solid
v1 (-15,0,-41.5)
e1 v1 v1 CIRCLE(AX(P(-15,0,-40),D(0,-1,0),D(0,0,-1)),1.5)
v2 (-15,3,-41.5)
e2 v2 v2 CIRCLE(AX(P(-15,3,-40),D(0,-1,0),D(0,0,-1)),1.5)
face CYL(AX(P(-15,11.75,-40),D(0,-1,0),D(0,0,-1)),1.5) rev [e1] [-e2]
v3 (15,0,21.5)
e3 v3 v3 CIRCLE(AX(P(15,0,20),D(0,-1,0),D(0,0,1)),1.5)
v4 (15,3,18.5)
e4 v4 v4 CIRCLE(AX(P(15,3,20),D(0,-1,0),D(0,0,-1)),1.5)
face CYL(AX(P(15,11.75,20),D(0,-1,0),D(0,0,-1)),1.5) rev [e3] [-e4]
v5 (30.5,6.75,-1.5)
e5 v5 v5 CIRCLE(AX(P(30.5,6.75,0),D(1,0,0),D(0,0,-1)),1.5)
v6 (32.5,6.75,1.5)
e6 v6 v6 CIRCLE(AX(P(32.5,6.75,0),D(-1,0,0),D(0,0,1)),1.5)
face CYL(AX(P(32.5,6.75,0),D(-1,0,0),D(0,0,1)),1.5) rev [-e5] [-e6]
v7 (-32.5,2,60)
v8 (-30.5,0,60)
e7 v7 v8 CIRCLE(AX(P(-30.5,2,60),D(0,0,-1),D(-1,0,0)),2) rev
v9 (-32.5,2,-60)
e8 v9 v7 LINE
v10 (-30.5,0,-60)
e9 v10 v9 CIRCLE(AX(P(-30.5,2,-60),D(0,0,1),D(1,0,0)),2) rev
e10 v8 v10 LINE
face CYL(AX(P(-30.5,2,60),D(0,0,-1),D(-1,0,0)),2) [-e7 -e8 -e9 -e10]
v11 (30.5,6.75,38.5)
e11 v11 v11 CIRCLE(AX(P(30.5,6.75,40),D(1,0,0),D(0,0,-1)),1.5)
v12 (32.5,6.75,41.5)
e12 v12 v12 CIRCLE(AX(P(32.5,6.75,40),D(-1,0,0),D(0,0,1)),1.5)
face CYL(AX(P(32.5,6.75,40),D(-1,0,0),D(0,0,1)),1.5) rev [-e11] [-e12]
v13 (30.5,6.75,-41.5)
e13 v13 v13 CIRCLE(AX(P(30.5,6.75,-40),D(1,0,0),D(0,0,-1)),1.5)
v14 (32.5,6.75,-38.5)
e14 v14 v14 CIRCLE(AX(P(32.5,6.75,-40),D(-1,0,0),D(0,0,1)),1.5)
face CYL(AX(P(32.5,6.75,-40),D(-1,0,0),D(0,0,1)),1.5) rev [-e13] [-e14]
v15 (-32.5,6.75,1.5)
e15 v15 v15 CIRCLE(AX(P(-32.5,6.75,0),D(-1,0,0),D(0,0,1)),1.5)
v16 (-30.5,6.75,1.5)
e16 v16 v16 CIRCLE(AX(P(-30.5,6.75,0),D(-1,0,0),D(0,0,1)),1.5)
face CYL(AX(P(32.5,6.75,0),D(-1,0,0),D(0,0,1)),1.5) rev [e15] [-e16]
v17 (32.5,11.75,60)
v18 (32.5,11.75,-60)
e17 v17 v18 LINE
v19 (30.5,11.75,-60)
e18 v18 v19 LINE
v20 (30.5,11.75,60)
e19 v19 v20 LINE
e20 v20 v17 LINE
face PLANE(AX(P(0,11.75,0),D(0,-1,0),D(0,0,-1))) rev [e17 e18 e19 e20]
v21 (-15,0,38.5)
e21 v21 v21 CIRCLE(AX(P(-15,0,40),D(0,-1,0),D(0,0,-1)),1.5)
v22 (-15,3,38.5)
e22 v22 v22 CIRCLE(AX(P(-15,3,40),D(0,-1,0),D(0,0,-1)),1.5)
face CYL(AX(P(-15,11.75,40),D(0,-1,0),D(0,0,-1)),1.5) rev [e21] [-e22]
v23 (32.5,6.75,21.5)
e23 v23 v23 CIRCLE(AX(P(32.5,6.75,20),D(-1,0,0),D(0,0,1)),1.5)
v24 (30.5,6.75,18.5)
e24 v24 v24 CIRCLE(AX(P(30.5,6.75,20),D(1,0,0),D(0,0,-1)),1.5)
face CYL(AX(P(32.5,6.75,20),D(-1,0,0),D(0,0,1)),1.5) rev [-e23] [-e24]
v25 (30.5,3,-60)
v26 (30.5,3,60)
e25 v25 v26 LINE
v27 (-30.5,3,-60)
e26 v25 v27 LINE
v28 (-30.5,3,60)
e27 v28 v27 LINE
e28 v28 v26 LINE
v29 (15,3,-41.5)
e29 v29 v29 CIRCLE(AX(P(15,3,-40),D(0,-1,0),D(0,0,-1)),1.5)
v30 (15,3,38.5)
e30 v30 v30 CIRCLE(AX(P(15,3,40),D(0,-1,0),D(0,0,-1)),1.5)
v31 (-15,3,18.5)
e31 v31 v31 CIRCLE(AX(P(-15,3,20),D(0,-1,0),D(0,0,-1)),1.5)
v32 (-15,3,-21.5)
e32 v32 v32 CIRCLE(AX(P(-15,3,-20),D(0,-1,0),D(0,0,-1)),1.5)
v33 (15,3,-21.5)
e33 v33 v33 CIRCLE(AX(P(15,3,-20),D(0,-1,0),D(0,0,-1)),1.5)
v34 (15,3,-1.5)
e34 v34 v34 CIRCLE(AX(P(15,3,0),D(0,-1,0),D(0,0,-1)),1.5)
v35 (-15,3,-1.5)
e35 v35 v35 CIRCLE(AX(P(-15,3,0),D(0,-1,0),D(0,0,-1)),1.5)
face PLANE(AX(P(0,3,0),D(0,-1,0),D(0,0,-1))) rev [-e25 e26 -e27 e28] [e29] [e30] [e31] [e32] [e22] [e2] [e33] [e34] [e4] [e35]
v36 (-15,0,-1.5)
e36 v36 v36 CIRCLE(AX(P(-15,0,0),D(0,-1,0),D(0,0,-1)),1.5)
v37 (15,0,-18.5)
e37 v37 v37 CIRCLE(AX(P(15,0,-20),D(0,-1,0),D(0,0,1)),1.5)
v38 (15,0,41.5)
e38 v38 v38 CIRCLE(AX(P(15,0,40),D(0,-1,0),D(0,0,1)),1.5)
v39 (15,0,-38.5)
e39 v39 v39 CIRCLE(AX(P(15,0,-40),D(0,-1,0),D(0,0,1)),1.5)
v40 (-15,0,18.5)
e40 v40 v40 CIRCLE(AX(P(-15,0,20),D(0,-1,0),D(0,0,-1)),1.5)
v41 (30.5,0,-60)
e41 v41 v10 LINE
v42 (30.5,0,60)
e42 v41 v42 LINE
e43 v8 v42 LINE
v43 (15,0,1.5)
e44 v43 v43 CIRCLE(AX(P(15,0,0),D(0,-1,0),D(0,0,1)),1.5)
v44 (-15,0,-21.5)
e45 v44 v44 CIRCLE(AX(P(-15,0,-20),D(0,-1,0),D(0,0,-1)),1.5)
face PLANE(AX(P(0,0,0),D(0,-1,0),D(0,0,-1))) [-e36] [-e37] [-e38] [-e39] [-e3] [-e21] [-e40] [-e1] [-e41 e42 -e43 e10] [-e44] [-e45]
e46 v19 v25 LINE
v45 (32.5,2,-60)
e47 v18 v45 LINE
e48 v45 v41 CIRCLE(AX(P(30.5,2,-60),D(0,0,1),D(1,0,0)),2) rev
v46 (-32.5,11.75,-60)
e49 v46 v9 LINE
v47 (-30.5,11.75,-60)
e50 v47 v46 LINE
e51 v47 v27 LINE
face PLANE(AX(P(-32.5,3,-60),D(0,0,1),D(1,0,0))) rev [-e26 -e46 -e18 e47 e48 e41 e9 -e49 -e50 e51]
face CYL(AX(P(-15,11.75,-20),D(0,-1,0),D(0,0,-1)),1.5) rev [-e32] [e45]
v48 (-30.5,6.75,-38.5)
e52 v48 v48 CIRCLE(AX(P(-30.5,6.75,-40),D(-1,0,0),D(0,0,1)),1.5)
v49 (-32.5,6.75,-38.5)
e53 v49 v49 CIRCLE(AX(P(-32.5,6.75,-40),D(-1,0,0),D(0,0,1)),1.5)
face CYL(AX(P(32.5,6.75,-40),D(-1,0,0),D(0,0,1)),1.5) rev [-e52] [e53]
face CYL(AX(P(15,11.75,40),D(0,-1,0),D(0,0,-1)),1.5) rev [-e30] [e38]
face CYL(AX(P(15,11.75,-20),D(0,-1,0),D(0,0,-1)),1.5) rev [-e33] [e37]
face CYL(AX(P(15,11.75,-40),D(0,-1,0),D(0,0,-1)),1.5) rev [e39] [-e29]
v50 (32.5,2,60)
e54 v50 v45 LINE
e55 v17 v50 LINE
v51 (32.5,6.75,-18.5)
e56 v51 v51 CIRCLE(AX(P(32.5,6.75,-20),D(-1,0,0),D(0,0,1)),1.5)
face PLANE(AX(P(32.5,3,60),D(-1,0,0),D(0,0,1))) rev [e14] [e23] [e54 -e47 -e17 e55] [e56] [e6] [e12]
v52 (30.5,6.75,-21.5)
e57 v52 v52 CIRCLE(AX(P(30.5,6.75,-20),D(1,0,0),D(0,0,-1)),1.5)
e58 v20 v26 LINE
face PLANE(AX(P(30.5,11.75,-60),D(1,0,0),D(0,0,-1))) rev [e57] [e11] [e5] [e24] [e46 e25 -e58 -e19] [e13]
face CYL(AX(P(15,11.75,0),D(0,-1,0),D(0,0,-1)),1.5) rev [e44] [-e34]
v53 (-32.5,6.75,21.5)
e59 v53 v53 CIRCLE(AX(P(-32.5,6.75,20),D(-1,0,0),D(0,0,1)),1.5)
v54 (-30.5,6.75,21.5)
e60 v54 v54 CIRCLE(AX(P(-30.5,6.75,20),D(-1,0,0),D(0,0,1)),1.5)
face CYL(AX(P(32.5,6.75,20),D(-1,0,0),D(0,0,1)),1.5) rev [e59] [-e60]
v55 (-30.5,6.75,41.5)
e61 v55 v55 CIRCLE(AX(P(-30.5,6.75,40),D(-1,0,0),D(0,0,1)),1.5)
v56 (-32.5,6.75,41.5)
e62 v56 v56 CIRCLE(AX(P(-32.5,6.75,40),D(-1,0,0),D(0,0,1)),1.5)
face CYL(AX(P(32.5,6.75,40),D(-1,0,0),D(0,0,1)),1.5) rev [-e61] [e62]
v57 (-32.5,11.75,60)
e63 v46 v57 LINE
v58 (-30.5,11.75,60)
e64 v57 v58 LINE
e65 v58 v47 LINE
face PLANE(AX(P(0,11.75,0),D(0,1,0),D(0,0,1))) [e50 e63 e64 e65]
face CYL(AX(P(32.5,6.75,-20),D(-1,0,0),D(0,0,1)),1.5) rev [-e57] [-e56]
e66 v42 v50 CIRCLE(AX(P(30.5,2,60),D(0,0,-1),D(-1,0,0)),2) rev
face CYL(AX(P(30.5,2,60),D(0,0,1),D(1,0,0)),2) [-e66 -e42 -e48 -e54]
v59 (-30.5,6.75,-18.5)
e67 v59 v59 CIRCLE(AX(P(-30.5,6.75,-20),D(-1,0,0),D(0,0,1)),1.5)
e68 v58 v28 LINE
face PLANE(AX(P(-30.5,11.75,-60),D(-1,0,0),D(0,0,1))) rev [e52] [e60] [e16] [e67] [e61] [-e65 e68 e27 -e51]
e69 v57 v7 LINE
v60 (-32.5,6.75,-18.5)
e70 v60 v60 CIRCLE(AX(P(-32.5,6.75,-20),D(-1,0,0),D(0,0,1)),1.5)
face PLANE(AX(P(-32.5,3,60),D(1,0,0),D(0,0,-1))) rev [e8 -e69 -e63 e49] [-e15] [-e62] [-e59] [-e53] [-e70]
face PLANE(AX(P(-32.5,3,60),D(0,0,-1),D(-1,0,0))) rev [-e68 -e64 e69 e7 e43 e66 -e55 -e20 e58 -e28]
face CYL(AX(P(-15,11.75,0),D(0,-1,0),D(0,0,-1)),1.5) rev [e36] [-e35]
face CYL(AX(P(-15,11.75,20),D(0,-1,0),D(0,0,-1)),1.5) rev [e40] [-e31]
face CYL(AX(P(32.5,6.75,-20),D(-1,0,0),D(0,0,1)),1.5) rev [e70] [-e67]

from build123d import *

# Parameters (mm, degrees)
SKETCH_1_W          = 65
SKETCH_1_H          = 120
EXTRUDE_1_DEPTH     = 3
SKETCH_2_W          = 2
SKETCH_2_H          = 120
EXTRUDE_2_DEPTH     = 8.75
FILLET_1_R          = 2
SKETCH_3_R          = 1.5
CUT_EXTRUDE_1_DEPTH = 70.240974141
SKETCH_4_R          = 1.5
CUT_EXTRUDE_2_DEPTH = 90.235993299


with BuildPart() as part:
    # 草图1 → 凸台-拉伸1 (new body)
    with BuildSketch(Plane(origin=(0, 0, 0), x_dir=(1, 0, 0), z_dir=(0, 1, 0))):
        Rectangle(SKETCH_1_W, SKETCH_1_H)
    extrude(amount=EXTRUDE_1_DEPTH)

    # 草图2 → 凸台-拉伸2 (add)
    with BuildSketch(Plane(origin=(0, 3, 0), x_dir=(1, 0, 0), z_dir=(0, 1, 0))):
        with Locations((-31.5, 0)):
            Rectangle(SKETCH_2_W, SKETCH_2_H)
        with Locations((31.5, 0)):
            Rectangle(SKETCH_2_W, SKETCH_2_H)
    extrude(amount=EXTRUDE_2_DEPTH)

    # 圆角1
    fillet_1_edges = [part.edges().sort_by_distance(p)[0] for p in [
        (-32.5, 0, 0),
        (32.5, 0, 0),
    ]]
    fillet(fillet_1_edges, radius=FILLET_1_R)

    # 草图3 → 切除-拉伸1 (cut, through all)
    with BuildSketch(Plane.XZ):
        with Locations(Location((-15, 40, 0), (0, 0, 270))):
            Circle(SKETCH_3_R)
        with Locations(Location((15, 40, 0), (0, 0, 270))):
            Circle(SKETCH_3_R)
        with Locations(Location((-15, 20, 0), (0, 0, 270))):
            Circle(SKETCH_3_R)
        with Locations(Location((15, 20, 0), (0, 0, 270))):
            Circle(SKETCH_3_R)
        with Locations(Location((-15, 0, 0), (0, 0, 270))):
            Circle(SKETCH_3_R)
        with Locations(Location((15, 0, 0), (0, 0, 270))):
            Circle(SKETCH_3_R)
        with Locations(Location((-15, -20, 0), (0, 0, 270))):
            Circle(SKETCH_3_R)
        with Locations(Location((15, -20, 0), (0, 0, 270))):
            Circle(SKETCH_3_R)
        with Locations(Location((-15, -40, 0), (0, 0, 270))):
            Circle(SKETCH_3_R)
        with Locations(Location((15, -40, 0), (0, 0, 270))):
            Circle(SKETCH_3_R)
    extrude(amount=-CUT_EXTRUDE_1_DEPTH, mode=Mode.SUBTRACT)

    # 草图4 → 切除-拉伸2 (cut, through all)
    with BuildSketch(Plane.ZY.offset(32.5)):
        with Locations((0, 6.75)):
            Circle(SKETCH_4_R)
        with Locations((-20, 6.75)):
            Circle(SKETCH_4_R)
        with Locations((-40, 6.75)):
            Circle(SKETCH_4_R)
        with Locations((20, 6.75)):
            Circle(SKETCH_4_R)
        with Locations((40, 6.75)):
            Circle(SKETCH_4_R)
    extrude(amount=-CUT_EXTRUDE_2_DEPTH, mode=Mode.SUBTRACT)


solid = part.part
